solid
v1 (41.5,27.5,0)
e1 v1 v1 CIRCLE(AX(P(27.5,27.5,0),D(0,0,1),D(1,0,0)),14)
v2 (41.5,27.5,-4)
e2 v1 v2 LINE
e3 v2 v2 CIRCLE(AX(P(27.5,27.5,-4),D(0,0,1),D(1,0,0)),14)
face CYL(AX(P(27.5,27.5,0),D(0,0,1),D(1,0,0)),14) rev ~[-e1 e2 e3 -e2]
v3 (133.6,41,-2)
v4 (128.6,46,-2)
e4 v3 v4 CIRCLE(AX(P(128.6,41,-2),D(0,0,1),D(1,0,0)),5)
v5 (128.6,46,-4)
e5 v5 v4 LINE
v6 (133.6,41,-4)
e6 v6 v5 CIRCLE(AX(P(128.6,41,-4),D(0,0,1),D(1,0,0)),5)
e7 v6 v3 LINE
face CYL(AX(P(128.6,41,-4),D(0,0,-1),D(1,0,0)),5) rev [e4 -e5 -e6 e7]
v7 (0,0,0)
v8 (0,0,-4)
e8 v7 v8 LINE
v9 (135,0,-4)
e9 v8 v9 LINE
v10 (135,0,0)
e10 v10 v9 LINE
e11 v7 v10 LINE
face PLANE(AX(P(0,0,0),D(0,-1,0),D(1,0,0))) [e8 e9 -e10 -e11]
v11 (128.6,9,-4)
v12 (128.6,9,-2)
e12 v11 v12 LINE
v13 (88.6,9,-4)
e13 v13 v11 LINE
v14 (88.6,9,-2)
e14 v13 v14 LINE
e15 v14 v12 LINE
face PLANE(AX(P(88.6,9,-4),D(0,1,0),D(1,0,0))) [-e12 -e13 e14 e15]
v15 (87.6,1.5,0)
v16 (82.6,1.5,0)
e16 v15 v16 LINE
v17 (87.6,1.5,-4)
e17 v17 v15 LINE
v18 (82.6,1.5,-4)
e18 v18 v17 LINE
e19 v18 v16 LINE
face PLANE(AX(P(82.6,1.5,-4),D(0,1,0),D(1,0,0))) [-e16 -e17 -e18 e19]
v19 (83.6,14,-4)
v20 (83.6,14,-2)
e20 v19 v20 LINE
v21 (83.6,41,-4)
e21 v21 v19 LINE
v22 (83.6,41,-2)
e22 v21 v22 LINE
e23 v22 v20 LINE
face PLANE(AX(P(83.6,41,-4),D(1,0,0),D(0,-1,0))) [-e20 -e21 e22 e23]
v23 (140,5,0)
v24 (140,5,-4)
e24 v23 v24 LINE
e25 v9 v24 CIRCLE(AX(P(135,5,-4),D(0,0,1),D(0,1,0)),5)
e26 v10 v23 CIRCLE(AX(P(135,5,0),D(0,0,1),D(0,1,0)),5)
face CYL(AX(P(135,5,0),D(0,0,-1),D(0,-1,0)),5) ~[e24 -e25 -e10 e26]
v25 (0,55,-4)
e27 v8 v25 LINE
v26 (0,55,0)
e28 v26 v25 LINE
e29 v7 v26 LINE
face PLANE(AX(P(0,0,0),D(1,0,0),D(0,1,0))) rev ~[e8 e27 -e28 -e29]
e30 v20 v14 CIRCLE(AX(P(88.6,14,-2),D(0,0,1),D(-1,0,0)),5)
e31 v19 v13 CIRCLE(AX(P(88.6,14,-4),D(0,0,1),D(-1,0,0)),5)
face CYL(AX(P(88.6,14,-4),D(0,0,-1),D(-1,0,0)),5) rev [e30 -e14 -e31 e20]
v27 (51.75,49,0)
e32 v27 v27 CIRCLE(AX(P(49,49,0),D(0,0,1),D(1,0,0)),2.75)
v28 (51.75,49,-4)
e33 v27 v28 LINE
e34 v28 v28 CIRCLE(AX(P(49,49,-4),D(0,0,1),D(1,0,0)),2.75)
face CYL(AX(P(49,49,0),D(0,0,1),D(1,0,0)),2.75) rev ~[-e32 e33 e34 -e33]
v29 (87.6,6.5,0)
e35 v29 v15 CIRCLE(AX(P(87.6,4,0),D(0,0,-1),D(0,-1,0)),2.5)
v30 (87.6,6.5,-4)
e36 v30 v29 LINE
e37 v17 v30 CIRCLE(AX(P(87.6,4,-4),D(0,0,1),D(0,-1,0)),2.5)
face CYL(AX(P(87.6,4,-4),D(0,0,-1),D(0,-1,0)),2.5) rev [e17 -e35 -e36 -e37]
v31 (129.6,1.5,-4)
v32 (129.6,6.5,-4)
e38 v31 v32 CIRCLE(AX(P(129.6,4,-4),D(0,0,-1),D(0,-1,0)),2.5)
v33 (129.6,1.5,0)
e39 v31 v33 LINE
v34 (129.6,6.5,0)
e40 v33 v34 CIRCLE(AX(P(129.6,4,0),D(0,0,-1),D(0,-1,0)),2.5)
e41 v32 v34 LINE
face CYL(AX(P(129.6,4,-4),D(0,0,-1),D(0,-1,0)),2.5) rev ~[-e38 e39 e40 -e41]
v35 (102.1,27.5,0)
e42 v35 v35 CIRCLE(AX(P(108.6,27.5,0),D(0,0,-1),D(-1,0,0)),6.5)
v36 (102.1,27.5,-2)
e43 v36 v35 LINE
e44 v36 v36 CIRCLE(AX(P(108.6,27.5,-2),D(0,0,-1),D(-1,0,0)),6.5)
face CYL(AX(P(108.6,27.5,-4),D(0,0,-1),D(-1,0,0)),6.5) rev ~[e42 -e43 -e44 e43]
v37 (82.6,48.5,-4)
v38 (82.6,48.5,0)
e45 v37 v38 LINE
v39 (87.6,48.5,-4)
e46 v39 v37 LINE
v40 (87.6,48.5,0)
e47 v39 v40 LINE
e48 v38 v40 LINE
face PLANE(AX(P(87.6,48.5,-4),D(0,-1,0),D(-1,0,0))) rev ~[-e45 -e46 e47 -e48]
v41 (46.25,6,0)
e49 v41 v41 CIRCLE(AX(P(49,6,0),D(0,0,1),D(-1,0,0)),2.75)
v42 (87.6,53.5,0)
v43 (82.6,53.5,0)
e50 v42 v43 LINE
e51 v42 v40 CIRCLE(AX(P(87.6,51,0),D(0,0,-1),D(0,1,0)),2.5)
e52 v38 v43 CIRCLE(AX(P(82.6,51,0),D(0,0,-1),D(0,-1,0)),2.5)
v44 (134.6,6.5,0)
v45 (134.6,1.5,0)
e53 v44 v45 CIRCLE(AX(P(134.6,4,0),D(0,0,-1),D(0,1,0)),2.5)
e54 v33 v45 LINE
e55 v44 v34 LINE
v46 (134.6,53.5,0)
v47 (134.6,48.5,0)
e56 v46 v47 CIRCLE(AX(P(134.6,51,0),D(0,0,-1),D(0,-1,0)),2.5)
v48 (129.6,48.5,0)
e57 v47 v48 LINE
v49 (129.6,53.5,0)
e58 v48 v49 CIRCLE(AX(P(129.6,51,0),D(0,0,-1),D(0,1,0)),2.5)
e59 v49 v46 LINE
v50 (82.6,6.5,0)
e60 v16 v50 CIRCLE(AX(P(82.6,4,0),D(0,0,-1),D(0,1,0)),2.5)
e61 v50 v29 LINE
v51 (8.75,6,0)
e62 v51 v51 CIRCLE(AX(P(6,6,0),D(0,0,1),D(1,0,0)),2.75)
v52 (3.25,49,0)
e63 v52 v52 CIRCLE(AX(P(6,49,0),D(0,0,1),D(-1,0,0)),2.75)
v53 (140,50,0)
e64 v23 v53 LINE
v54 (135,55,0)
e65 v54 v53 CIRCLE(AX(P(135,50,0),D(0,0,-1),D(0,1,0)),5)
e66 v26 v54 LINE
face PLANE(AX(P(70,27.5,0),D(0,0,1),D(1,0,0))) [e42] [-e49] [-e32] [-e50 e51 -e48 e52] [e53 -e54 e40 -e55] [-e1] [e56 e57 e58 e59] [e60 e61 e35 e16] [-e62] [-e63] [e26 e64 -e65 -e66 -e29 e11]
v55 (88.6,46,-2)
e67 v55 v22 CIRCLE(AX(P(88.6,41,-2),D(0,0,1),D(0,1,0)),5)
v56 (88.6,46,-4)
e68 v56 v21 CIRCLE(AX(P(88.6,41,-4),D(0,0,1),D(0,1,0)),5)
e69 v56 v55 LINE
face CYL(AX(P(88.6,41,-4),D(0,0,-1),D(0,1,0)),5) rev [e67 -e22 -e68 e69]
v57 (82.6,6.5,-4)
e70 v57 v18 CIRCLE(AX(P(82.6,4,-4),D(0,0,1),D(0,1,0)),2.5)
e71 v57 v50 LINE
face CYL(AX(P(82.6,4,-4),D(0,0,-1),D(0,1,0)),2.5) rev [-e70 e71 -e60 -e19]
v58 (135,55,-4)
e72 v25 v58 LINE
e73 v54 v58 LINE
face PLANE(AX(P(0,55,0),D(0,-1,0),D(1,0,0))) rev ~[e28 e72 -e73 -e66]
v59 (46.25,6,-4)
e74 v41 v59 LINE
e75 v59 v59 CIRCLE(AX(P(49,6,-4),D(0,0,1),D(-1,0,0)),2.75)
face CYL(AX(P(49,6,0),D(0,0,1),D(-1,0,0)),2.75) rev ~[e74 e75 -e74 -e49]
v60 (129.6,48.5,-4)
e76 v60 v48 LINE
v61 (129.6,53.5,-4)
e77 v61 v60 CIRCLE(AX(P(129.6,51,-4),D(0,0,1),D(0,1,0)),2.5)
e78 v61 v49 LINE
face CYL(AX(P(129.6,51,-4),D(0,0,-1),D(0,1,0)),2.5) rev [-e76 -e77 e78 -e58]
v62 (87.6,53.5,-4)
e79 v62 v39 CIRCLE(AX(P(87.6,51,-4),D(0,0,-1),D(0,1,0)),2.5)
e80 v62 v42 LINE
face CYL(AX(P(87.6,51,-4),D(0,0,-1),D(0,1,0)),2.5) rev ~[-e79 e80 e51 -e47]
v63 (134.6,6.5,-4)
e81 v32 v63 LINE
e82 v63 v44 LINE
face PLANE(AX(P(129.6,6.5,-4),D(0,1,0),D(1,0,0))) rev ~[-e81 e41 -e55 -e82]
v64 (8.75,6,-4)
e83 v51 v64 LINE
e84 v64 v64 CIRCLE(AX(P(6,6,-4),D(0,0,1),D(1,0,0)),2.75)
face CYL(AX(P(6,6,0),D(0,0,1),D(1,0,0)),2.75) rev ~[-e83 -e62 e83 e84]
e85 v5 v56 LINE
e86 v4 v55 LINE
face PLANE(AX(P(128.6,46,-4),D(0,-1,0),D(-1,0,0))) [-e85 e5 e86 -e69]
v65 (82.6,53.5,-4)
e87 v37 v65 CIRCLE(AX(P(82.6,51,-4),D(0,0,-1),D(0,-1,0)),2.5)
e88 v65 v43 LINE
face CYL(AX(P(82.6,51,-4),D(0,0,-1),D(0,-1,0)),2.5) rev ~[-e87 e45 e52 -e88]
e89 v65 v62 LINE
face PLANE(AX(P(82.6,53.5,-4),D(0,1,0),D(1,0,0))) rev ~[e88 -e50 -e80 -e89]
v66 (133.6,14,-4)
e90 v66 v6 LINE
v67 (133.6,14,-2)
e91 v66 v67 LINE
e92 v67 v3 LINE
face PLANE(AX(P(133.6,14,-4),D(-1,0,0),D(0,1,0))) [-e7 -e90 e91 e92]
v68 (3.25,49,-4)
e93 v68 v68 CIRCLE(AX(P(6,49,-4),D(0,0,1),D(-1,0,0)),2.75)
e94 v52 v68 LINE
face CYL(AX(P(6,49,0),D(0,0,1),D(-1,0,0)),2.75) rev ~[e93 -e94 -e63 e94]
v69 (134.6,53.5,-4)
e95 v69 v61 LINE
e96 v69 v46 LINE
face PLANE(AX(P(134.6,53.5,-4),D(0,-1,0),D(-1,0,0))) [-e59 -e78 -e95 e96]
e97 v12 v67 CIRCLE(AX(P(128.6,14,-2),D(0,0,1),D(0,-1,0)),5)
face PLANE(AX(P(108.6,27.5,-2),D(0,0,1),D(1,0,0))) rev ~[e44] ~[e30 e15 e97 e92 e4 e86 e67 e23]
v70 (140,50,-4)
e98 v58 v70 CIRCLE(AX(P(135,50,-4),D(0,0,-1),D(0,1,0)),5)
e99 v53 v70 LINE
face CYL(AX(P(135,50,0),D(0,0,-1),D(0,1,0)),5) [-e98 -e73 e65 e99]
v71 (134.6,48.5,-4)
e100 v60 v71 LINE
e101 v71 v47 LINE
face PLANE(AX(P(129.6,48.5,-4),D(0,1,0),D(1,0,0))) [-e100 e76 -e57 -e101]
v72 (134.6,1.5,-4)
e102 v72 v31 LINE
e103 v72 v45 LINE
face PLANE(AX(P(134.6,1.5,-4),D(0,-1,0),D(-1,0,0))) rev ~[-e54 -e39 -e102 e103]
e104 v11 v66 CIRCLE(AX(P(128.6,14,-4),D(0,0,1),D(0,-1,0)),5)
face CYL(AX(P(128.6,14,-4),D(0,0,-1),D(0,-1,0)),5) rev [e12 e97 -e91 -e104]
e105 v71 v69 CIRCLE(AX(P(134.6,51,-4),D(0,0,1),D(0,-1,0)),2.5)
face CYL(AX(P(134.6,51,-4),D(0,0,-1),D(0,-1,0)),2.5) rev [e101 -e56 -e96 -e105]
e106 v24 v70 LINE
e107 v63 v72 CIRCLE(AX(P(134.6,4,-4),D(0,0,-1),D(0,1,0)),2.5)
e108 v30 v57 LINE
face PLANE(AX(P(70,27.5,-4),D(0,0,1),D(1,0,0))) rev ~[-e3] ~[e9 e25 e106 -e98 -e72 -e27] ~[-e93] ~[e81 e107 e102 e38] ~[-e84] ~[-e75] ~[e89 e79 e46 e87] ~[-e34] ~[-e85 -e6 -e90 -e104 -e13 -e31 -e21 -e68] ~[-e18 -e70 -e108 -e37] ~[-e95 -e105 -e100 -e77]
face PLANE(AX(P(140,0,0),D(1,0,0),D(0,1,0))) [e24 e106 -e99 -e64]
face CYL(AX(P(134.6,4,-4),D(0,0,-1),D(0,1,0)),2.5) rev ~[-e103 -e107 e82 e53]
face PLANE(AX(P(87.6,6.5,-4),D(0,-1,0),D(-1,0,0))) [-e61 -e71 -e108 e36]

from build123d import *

# Parameters (mm, degrees)
SCHIZZO1_W                   = 140
SCHIZZO1_H                   = 55
ESTRUSIONE_ESTRUSIONE1_DEPTH = 4
SCHIZZO2_R                   = 14
SCHIZZO2_R_2                 = 2.75
TAGLIO_ESTRUSIONE1_DEPTH     = 151.469265965
RACCORDO1_R                  = 5
SCHIZZO3_R                   = 6.5
TAGLIO_ESTRUSIONE2_DEPTH     = 151.469265965
TAGLIO_ESTRUSIONE3_DEPTH     = 2


with BuildPart() as part:
    # Schizzo1 → Estrusione-Estrusione1 (new body)
    with BuildSketch(Plane.XY):
        with Locations((70, 27.5)):
            Rectangle(SCHIZZO1_W, SCHIZZO1_H)
    extrude(amount=-ESTRUSIONE_ESTRUSIONE1_DEPTH)

    # Schizzo2 → Taglio-Estrusione1 (cut, through all)
    with BuildSketch(Plane.XY):
        with Locations((27.5, 27.5)):
            Circle(SCHIZZO2_R)
        with Locations((6, 6)):
            Circle(SCHIZZO2_R_2)
        with Locations(Location((49, 6, 0), (0, 0, 180))):
            Circle(SCHIZZO2_R_2)
        with Locations((49, 49)):
            Circle(SCHIZZO2_R_2)
        with Locations(Location((6, 49, 0), (0, 0, 180))):
            Circle(SCHIZZO2_R_2)
    extrude(amount=-TAGLIO_ESTRUSIONE1_DEPTH, mode=Mode.SUBTRACT)

    # Raccordo1
    raccordo1_edges = [part.edges().sort_by_distance(p)[0] for p in [
        (140, 55, -2),
        (140, 0, -2),
    ]]
    fillet(raccordo1_edges, radius=RACCORDO1_R)

    # Schizzo3 → Taglio-Estrusione2 (cut, through all)
    with BuildSketch(Plane(origin=(0, 0, -4), x_dir=(-1, 0, 0), z_dir=(0, 0, -1))):
        with Locations((-108.6, 27.5)):
            Circle(SCHIZZO3_R)
        with BuildLine():
            Line((-134.6, 53.5), (-129.6, 53.5))
            ThreePointArc((-129.6, 53.5), (-127.1, 51), (-129.6, 48.5))
            Line((-129.6, 48.5), (-134.6, 48.5))
            ThreePointArc((-134.6, 48.5), (-137.1, 51), (-134.6, 53.5))
        make_face()
        with BuildLine():
            Line((-82.6, 53.5), (-87.6, 53.5))
            ThreePointArc((-87.6, 53.5), (-90.1, 51), (-87.6, 48.5))
            Line((-87.6, 48.5), (-82.6, 48.5))
            ThreePointArc((-82.6, 48.5), (-80.1, 51), (-82.6, 53.5))
        make_face()
        with BuildLine():
            Line((-134.6, 1.5), (-129.6, 1.5))
            ThreePointArc((-129.6, 1.5), (-127.1, 4), (-129.6, 6.5))
            Line((-129.6, 6.5), (-134.6, 6.5))
            ThreePointArc((-134.6, 6.5), (-137.1, 4), (-134.6, 1.5))
        make_face()
        with BuildLine():
            Line((-82.6, 1.5), (-87.6, 1.5))
            ThreePointArc((-87.6, 1.5), (-90.1, 4), (-87.6, 6.5))
            Line((-87.6, 6.5), (-82.6, 6.5))
            ThreePointArc((-82.6, 6.5), (-80.1, 4), (-82.6, 1.5))
        make_face()
    extrude(amount=-TAGLIO_ESTRUSIONE2_DEPTH, mode=Mode.SUBTRACT)

    # Schizzo4 → Taglio-Estrusione3 (cut)
    with BuildSketch(Plane(origin=(0, 0, -4), x_dir=(-1, 0, 0), z_dir=(0, 0, -1))):
        with BuildLine():
            Line((-88.6, 9), (-128.6, 9))
            ThreePointArc((-128.6, 9), (-132.135533906, 10.464466094), (-133.6, 14))
            Line((-133.6, 14), (-133.6, 41))
            ThreePointArc((-133.6, 41), (-132.135533906, 44.535533906), (-128.6, 46))
            Line((-128.6, 46), (-88.6, 46))
            ThreePointArc((-88.6, 46), (-85.064466094, 44.535533906), (-83.6, 41))
            Line((-83.6, 41), (-83.6, 14))
            ThreePointArc((-83.6, 14), (-85.064466094, 10.464466094), (-88.6, 9))
        make_face()
    extrude(amount=-TAGLIO_ESTRUSIONE3_DEPTH, mode=Mode.SUBTRACT)


solid = part.part
